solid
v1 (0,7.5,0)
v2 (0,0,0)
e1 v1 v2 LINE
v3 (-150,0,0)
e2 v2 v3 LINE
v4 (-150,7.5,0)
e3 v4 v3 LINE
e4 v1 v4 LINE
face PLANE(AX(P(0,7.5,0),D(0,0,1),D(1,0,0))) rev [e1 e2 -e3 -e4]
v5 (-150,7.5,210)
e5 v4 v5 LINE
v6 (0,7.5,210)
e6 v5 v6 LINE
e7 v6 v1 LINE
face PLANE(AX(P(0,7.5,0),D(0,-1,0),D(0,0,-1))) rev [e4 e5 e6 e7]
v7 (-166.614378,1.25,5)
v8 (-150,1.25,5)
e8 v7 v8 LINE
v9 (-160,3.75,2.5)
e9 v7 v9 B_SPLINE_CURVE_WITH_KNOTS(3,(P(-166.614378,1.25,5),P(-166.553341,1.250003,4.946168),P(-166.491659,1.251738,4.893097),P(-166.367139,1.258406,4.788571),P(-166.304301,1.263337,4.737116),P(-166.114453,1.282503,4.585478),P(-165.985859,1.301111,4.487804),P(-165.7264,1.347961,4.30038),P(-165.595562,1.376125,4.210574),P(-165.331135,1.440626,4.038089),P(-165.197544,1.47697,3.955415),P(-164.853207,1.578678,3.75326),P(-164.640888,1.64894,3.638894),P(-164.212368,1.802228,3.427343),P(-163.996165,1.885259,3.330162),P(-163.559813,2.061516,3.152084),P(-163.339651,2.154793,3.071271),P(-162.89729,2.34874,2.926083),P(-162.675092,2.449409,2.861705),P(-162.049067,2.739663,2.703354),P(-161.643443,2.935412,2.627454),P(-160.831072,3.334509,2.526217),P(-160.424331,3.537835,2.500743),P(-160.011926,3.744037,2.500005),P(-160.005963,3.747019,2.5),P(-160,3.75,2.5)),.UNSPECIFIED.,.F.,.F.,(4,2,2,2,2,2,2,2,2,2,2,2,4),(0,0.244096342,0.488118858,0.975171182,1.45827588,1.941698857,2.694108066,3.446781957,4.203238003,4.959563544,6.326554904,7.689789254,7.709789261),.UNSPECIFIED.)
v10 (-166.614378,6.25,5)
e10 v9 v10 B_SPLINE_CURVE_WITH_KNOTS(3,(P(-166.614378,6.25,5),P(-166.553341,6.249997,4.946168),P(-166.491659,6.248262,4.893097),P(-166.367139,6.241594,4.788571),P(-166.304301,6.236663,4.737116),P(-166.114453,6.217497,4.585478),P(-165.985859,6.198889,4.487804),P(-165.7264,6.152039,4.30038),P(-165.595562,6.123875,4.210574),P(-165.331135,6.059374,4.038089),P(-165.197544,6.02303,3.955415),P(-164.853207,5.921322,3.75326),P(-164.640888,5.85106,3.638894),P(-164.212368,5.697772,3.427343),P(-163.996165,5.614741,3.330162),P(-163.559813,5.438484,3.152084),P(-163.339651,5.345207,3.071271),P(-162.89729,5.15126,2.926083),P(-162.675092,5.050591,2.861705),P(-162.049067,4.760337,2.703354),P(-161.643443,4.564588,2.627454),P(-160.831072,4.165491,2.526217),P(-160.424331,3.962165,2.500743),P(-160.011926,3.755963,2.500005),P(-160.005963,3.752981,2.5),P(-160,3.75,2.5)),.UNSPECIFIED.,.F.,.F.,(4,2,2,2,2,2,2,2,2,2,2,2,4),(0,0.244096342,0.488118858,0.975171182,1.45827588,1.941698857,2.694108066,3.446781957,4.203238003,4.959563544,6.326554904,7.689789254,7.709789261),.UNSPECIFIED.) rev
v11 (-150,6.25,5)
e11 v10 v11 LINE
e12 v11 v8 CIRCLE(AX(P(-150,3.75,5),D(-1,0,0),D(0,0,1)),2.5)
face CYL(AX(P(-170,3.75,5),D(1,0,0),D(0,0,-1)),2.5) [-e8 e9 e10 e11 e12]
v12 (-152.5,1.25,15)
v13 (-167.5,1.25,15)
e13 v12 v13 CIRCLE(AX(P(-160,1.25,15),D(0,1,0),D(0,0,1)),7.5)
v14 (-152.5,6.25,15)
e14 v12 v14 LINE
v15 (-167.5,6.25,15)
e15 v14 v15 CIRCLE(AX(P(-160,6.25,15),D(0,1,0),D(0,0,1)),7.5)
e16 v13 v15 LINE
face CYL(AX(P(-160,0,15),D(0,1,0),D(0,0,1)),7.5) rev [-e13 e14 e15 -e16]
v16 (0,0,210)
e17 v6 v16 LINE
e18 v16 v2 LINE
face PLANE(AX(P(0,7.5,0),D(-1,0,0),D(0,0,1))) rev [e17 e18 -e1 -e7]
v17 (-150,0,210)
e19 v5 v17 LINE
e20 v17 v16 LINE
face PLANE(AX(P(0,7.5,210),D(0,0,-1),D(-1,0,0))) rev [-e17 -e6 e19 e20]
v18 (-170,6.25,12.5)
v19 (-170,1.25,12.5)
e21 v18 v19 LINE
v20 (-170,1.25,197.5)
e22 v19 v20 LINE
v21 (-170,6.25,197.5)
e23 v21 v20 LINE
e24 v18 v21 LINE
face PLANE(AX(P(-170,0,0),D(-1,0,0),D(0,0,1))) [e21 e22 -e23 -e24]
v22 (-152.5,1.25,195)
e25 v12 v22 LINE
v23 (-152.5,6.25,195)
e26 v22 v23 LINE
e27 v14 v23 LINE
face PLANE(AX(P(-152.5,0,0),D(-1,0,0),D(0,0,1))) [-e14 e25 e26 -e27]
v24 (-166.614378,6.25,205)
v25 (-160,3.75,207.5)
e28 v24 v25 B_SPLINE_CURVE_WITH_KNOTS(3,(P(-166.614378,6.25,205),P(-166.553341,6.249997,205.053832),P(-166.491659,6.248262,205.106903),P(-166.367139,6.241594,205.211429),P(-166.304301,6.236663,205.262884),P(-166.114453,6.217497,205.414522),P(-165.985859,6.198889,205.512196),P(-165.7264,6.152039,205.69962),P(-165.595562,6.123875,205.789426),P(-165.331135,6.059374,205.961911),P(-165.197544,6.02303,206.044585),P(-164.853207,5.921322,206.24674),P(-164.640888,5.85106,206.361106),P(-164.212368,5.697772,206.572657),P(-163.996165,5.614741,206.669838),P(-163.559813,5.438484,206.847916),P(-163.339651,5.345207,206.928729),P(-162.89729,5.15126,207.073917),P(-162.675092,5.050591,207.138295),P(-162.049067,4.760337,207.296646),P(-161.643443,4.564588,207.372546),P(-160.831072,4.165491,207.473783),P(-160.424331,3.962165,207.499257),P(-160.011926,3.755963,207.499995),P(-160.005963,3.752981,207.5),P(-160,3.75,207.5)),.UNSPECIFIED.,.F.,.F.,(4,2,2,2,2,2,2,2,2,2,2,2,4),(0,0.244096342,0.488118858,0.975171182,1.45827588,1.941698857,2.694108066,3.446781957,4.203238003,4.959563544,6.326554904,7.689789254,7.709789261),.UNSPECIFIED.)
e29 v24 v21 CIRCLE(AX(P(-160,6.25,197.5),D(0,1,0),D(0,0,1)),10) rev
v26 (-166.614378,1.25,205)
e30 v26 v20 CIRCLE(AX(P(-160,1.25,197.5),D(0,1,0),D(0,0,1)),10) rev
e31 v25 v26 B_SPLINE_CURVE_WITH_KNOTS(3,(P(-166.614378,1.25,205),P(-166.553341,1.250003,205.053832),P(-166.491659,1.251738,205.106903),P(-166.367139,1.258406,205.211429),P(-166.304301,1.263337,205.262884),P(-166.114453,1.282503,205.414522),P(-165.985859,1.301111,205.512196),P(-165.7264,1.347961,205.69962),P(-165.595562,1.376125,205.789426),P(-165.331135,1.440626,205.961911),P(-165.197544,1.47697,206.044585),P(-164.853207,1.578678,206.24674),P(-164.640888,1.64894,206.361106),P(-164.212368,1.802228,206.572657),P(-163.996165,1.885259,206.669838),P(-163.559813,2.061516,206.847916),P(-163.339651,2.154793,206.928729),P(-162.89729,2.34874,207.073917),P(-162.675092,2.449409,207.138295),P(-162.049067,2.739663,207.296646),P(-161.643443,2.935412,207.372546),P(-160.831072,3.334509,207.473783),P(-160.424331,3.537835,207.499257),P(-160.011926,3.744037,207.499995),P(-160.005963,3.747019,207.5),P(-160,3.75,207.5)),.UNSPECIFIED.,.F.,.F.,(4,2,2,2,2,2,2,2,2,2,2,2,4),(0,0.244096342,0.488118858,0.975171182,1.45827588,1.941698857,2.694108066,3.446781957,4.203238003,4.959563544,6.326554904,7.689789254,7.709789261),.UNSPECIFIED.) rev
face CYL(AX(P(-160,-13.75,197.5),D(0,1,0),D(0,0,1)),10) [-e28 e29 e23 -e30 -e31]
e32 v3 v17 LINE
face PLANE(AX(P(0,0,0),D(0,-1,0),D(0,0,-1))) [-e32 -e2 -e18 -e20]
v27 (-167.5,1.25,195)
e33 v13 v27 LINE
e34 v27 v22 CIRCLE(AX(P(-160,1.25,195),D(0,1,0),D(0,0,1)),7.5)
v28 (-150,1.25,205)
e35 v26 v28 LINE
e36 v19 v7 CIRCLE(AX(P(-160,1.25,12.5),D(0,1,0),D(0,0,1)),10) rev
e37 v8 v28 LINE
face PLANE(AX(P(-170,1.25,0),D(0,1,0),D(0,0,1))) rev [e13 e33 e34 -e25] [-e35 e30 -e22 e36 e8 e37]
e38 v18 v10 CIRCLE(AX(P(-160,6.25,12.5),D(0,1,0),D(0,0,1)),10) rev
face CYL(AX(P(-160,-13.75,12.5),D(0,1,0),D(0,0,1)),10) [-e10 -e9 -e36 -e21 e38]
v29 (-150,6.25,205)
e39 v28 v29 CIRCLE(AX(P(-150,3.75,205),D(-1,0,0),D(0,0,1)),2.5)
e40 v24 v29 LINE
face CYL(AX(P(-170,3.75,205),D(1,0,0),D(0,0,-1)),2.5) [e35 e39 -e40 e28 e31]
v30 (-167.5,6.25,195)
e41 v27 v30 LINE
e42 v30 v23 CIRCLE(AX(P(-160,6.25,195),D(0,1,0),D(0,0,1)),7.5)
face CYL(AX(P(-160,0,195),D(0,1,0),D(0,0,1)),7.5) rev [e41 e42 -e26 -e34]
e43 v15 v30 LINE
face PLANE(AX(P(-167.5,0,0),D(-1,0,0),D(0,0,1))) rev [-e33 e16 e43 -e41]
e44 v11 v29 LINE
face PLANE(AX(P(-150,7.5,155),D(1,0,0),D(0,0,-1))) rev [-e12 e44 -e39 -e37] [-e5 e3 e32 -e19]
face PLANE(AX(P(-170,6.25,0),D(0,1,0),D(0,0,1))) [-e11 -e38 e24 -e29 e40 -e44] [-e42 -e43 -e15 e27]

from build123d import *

# Parameters (mm, degrees)
BOSS_EXTRUDE1_DEPTH = 7.5
SKETCH2_R           = 2.5
BOSS_EXTRUDE2_DEPTH = 20
SKETCH3_R           = 7.5
CUT_EXTRUDE1_DEPTH  = 271.257400454
CUT_EXTRUDE2_DEPTH  = 20


with BuildPart() as part:
    # Sketch1 → Boss-Extrude1 (new body)
    with BuildSketch(Plane(origin=(0, 0, 0), x_dir=(1, 0, 0), z_dir=(0, 1, 0))):
        Polygon((0, 0), (-150, 0), (-150, -55), (-150, -155), (-150, -210), (0, -210), align=None)
    extrude(amount=BOSS_EXTRUDE1_DEPTH)

    # Sketch2 → Boss-Extrude2 (add)
    with BuildSketch(Plane.ZY.offset(150)):
        with BuildLine():
            Line((205, 6.25), (5, 6.25))
            ThreePointArc((5, 6.25), (6.767766953, 5.517766953), (7.5, 3.75))
            ThreePointArc((7.5, 3.75), (6.767766953, 1.982233047), (5, 1.25))
            Line((5, 1.25), (205, 1.25))
            ThreePointArc((205, 1.25), (202.5, 3.75), (205, 6.25))
        make_face()
        with Locations((205, 3.75)):
            Circle(SKETCH2_R)
        with Locations((5, 3.75)):
            Circle(SKETCH2_R)
    extrude(amount=BOSS_EXTRUDE2_DEPTH)

    # Sketch3 → Cut-Extrude1 (cut, through all)
    with BuildSketch(Plane(origin=(0, 6.25, 0), x_dir=(1, 0, 0), z_dir=(0, 1, 0))):
        with BuildLine():
            ThreePointArc((-152.5, -15), (-160, -22.5), (-167.5, -15))
            Line((-167.5, -15), (-167.5, -195))
            ThreePointArc((-167.5, -195), (-160, -187.5), (-152.5, -195))
            Line((-152.5, -195), (-152.5, -15))
        make_face()
        with Locations((-160, -15)):
            Circle(SKETCH3_R)
        with Locations((-160, -195)):
            Circle(SKETCH3_R)
    extrude(amount=-CUT_EXTRUDE1_DEPTH, mode=Mode.SUBTRACT)

    # Sketch4 → Cut-Extrude2 (cut)
    with BuildSketch(Plane(origin=(0, 6.25, 0), x_dir=(1, 0, 0), z_dir=(0, 1, 0))):
        with BuildLine():
            ThreePointArc((-166.614378278, -5), (-163.535533906, -3.145856533), (-160, -2.5))
            Line((-160, -2.5), (-170, -2.5))
            Line((-170, -2.5), (-170, -5))
            Line((-170, -5), (-166.614378278, -5))
        make_face()
        with BuildLine():
            ThreePointArc((-170, -12.5), (-169.114378278, -8.385621722), (-166.614378278, -5))
            Line((-166.614378278, -5), (-170, -5))
            Line((-170, -5), (-170, -12.5))
        make_face()
        with BuildLine():
            ThreePointArc((-160, -207.5), (-163.535533906, -206.854143467), (-166.614378278, -205))
            Line((-166.614378278, -205), (-170, -205))
            Line((-170, -205), (-170, -207.5))
            Line((-170, -207.5), (-160, -207.5))
        make_face()
        with BuildLine():
            Line((-170, -205), (-166.614378278, -205))
            ThreePointArc((-166.614378278, -205), (-169.114378278, -201.614378278), (-170, -197.5))
            Line((-170, -197.5), (-170, -205))
        make_face()
    extrude(amount=-CUT_EXTRUDE2_DEPTH, mode=Mode.SUBTRACT)


solid = part.part
